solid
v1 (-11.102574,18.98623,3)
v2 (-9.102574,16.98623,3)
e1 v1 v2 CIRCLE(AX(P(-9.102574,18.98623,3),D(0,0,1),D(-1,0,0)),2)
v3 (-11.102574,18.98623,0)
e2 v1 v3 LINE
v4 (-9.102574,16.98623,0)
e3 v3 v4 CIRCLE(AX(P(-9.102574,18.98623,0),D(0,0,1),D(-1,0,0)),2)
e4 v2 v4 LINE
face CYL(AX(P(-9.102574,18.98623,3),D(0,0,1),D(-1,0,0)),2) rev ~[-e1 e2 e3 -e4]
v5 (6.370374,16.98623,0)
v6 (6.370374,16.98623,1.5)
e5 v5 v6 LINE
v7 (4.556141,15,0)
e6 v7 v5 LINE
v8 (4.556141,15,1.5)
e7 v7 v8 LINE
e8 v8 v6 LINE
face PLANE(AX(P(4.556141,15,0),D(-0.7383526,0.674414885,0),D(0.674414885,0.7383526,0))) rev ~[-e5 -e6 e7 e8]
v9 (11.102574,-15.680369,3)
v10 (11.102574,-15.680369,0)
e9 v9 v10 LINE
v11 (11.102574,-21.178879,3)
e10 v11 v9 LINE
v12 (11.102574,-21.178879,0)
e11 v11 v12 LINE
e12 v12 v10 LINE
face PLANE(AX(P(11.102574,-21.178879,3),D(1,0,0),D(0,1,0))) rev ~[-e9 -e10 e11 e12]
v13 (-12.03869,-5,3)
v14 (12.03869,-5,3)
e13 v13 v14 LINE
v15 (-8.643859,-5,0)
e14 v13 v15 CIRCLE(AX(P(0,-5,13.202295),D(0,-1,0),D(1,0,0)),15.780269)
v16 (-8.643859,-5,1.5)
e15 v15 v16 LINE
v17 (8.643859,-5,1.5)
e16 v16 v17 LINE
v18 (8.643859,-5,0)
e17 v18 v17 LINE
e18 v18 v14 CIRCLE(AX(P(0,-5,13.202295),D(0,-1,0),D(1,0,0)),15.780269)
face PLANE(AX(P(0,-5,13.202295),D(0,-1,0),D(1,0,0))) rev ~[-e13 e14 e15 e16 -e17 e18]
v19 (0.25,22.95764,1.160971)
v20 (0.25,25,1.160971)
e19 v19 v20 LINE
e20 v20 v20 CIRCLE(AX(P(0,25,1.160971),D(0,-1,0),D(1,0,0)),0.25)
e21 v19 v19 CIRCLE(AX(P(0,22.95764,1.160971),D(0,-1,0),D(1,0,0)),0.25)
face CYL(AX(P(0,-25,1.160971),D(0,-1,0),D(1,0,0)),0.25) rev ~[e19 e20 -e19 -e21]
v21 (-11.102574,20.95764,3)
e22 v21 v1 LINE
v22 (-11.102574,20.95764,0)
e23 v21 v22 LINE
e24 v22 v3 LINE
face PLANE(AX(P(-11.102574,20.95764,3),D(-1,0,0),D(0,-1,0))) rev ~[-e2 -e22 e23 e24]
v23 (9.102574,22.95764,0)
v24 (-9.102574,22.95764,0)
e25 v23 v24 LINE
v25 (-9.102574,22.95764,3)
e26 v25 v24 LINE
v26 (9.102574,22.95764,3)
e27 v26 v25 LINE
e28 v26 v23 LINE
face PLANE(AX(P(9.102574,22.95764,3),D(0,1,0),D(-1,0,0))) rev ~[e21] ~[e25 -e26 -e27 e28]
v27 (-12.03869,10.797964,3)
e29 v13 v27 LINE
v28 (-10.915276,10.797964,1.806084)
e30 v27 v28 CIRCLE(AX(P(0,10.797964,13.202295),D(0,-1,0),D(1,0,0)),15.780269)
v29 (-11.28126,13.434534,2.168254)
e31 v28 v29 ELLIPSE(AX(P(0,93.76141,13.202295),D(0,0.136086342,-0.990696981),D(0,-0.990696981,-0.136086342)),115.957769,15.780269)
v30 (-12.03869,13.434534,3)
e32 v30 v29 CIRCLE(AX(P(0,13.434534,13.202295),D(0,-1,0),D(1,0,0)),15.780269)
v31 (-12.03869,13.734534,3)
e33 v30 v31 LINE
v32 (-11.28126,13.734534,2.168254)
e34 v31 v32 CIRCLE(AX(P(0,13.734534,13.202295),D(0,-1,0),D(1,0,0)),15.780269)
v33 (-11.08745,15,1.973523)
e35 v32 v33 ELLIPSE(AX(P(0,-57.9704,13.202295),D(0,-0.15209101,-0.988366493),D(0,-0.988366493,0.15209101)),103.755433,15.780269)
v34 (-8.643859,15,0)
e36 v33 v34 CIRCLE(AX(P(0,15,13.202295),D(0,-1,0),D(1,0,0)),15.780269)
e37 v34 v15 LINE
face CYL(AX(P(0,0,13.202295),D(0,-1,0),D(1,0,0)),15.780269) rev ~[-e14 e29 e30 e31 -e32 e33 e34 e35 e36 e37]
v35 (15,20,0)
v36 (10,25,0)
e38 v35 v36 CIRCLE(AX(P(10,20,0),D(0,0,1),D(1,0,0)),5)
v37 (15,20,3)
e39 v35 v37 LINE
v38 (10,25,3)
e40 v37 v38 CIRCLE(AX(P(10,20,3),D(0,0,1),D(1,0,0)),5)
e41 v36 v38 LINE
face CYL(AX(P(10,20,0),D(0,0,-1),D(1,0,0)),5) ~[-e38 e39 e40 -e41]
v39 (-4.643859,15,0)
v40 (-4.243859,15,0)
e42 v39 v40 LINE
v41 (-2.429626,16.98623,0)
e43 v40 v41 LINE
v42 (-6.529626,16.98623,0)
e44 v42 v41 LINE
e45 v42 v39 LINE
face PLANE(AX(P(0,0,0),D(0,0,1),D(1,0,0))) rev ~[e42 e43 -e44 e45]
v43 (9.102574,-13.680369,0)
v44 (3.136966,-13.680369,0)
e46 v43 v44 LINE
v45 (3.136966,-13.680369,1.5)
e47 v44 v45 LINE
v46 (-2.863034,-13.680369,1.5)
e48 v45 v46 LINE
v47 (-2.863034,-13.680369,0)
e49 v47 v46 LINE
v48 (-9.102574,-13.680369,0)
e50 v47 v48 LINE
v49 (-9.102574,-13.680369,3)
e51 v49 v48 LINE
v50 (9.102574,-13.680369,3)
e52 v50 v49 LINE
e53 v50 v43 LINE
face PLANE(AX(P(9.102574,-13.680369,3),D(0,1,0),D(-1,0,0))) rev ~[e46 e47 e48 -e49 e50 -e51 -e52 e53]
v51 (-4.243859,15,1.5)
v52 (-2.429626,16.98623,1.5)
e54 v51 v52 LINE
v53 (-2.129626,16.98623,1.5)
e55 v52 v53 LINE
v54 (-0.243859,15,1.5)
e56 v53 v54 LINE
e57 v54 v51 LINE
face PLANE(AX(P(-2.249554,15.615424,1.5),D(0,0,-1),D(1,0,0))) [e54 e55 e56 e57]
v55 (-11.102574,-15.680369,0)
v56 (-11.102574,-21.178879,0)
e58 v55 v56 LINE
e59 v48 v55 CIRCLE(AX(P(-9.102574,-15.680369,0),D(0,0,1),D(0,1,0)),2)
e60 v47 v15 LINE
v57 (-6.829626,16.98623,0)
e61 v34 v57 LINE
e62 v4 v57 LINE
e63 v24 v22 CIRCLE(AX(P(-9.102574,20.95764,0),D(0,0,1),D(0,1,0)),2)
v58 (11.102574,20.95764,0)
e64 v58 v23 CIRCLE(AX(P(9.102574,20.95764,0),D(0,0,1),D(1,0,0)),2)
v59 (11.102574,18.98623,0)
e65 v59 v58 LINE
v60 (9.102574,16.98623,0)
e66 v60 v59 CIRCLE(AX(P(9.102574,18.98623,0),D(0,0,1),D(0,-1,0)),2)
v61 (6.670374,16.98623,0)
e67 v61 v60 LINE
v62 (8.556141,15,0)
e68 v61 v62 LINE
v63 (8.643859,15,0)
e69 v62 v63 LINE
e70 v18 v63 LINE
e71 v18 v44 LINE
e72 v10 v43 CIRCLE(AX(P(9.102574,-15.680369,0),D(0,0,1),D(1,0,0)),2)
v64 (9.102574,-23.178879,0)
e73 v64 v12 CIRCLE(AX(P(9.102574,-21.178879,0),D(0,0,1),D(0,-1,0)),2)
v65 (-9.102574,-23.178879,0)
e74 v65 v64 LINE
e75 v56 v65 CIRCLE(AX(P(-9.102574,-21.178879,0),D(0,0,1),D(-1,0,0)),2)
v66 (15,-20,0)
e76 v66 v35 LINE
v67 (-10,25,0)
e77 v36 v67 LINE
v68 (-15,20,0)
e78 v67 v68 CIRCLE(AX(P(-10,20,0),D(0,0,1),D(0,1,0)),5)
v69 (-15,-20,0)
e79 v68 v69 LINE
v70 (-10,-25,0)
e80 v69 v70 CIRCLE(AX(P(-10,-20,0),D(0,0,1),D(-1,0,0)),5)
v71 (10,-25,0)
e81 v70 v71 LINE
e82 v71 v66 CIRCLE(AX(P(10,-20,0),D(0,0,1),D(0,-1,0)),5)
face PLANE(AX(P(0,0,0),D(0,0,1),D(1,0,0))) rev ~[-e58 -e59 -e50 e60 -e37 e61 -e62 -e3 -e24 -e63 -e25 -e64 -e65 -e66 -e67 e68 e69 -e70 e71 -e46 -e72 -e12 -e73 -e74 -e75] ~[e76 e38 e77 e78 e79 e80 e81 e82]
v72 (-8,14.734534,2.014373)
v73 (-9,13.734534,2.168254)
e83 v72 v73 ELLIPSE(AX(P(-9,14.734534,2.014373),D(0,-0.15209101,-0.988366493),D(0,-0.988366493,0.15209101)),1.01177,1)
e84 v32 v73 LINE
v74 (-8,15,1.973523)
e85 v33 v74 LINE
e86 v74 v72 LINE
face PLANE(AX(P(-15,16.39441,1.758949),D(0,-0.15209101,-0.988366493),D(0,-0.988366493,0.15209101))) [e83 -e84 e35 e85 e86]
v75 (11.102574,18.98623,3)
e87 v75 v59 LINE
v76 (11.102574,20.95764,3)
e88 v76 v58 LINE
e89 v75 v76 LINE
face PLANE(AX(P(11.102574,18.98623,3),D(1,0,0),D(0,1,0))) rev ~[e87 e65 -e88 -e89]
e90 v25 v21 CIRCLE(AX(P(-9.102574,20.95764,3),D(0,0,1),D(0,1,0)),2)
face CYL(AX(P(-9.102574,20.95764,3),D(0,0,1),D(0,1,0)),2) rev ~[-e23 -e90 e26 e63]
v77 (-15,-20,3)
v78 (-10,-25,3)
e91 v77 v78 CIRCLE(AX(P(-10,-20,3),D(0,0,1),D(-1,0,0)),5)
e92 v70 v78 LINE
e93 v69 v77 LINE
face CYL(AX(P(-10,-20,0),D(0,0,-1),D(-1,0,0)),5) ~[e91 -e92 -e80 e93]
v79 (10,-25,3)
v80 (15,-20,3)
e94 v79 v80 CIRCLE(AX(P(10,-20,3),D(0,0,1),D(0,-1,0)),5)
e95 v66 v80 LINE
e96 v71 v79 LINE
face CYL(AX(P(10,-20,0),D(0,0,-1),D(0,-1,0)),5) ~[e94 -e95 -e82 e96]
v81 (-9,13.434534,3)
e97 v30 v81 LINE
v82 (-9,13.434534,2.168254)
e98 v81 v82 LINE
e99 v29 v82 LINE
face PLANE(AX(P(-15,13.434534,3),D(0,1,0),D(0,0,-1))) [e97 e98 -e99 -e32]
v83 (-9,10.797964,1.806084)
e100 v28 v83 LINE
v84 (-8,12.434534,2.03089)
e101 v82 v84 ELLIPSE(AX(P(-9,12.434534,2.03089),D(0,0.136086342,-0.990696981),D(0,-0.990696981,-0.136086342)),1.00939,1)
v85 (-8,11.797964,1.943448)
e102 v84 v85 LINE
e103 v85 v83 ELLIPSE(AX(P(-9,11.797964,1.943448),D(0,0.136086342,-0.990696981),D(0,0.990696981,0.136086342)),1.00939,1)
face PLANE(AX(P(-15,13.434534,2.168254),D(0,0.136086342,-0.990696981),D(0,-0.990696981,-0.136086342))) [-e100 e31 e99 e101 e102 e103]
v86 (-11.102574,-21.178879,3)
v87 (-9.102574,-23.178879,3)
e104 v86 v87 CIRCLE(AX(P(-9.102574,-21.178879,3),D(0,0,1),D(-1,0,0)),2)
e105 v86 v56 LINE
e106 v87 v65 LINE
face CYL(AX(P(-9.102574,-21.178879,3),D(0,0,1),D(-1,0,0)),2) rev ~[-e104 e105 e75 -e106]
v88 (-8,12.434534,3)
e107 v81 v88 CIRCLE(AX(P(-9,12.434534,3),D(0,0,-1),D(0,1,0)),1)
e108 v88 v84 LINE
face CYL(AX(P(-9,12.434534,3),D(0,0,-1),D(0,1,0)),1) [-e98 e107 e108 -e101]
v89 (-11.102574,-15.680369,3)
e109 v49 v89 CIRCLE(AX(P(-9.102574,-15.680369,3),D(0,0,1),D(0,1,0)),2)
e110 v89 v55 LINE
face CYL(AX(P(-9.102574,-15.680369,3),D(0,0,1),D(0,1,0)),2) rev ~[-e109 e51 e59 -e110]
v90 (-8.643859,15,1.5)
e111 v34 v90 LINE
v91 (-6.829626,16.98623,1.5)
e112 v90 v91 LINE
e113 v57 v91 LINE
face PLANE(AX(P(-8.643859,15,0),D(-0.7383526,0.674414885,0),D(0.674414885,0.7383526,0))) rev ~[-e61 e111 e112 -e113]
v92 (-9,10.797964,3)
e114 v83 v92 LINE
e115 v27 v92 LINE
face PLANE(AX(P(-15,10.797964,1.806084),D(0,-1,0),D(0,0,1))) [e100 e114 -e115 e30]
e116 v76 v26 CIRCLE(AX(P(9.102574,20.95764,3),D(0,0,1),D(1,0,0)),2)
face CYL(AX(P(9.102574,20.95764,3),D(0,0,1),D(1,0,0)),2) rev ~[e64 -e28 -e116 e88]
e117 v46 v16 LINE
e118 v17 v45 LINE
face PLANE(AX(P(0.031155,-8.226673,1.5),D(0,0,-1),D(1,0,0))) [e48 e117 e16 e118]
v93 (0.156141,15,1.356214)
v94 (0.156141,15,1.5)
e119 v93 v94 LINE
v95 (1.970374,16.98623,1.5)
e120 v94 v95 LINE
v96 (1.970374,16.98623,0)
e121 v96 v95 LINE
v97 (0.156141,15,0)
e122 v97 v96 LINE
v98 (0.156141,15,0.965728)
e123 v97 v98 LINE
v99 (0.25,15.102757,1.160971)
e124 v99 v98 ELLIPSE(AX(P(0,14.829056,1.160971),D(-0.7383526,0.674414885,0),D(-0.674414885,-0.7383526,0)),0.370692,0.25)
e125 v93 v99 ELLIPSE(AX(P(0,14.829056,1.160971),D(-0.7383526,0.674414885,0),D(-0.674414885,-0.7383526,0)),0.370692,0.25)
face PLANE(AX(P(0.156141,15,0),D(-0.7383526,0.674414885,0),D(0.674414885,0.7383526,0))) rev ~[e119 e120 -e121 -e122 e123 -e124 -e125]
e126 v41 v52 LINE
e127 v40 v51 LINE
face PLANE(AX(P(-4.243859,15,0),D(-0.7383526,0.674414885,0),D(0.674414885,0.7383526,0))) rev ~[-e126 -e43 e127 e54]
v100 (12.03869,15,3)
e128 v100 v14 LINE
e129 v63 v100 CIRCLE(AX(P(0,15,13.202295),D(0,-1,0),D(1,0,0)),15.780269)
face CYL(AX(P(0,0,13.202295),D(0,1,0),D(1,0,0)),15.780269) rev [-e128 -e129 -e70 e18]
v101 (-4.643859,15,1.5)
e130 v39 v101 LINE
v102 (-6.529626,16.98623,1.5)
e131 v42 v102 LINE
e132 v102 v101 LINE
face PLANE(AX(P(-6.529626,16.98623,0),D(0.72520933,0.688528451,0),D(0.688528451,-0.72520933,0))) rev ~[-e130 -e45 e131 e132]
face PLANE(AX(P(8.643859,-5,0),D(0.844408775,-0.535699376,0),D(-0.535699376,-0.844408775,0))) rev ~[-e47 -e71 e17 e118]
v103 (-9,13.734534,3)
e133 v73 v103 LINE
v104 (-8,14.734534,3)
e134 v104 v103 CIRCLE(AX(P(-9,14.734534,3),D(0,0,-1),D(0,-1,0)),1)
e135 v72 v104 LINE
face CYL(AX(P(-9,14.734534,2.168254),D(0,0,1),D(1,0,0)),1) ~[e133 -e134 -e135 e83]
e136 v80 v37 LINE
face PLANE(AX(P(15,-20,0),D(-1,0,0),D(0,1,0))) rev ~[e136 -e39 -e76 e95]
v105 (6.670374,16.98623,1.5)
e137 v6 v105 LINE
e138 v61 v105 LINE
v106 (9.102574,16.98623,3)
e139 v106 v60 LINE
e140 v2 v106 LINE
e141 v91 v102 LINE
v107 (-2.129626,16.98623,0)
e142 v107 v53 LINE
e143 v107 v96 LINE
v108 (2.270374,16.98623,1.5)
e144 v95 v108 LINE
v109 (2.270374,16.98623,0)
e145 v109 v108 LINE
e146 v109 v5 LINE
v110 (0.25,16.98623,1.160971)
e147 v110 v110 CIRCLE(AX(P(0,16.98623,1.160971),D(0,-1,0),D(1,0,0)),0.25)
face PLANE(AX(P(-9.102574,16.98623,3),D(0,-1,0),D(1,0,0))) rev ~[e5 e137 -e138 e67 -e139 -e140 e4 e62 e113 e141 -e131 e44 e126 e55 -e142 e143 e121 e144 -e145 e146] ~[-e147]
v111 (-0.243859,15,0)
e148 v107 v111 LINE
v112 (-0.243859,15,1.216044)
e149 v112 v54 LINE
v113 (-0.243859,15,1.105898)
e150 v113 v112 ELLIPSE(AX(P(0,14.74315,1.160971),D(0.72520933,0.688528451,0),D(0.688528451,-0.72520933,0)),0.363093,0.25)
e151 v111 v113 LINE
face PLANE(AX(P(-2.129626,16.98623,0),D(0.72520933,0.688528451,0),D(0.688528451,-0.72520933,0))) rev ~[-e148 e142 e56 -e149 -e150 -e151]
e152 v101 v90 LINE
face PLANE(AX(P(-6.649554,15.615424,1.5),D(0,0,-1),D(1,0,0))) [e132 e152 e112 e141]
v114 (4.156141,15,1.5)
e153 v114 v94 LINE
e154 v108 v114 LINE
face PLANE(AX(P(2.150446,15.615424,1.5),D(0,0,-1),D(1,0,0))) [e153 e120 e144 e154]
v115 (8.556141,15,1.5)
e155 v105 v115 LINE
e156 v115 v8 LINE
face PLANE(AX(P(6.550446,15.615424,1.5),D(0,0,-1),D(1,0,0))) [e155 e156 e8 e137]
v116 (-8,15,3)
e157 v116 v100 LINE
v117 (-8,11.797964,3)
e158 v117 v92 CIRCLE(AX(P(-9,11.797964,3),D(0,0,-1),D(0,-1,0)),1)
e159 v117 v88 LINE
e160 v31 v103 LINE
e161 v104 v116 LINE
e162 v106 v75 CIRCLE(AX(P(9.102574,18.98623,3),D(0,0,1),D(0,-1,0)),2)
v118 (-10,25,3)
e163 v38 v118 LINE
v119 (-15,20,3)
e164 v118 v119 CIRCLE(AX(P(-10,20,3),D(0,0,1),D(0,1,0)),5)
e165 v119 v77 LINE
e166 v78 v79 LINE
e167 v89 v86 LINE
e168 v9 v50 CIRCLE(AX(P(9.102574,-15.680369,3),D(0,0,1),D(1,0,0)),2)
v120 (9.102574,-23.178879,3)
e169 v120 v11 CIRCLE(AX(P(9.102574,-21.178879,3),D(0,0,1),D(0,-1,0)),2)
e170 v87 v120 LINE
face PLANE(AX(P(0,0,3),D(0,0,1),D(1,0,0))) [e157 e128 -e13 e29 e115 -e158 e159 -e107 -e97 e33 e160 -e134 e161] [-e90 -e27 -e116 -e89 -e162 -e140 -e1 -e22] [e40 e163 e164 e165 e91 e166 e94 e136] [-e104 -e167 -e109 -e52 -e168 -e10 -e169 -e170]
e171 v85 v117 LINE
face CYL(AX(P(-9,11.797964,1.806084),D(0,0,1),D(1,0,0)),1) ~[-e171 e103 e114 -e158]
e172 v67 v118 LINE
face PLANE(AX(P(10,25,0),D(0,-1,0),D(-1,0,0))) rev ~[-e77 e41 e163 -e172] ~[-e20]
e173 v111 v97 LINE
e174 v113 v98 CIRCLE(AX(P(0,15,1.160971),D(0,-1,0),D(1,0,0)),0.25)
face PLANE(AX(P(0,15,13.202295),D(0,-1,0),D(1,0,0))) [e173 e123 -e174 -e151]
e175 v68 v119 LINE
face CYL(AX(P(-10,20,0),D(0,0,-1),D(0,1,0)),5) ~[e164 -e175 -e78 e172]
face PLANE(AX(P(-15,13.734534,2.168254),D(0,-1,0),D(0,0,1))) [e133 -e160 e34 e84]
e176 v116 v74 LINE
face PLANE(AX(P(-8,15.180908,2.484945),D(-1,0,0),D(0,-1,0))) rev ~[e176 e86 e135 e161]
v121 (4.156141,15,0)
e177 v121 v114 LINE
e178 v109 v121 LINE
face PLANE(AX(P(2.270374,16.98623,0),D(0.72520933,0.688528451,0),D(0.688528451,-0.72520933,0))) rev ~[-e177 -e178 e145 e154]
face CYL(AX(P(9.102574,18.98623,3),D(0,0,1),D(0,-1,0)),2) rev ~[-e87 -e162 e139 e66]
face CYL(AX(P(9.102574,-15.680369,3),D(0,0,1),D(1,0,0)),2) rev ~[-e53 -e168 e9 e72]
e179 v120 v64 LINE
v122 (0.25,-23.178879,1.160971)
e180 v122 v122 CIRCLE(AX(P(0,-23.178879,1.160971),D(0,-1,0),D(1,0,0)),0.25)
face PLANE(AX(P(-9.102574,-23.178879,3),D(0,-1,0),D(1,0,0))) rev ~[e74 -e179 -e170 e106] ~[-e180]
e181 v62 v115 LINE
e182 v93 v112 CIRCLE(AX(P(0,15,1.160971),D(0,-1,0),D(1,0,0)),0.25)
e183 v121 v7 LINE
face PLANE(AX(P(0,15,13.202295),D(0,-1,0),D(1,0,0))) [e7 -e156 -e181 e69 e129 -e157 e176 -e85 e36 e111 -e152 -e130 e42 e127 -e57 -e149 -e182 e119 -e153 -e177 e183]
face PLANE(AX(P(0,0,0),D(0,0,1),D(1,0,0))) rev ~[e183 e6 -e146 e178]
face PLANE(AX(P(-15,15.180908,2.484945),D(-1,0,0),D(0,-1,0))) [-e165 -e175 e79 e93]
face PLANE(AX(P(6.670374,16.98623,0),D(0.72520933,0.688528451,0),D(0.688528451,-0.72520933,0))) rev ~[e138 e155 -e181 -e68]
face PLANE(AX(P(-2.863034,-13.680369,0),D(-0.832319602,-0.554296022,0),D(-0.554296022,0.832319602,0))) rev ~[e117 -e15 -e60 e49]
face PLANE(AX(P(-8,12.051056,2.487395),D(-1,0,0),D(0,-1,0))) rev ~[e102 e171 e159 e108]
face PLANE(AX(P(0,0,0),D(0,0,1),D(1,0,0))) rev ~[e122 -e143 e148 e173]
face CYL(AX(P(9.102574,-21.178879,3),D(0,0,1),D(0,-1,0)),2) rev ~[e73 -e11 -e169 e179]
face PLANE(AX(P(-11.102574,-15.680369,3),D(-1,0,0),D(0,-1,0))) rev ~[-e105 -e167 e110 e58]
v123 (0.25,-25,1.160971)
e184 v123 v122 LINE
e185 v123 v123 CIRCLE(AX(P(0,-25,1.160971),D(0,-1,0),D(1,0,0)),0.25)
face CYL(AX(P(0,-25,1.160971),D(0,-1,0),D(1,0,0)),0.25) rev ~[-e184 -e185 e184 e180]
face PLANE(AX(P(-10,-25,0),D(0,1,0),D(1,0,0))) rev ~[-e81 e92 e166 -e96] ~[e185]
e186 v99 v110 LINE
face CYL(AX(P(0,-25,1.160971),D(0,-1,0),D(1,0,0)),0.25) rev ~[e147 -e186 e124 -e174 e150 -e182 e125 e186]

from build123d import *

# Parameters (mm, degrees)
F1_DEPTH      = 3
F2_R          = 15.7802685444
F3_DEPTH      = 15
F3_DEPTH_BACK = 5
F5_DEPTH      = 25
F7_DEPTH      = 1.5
F9_DEPTH      = 7
F10_R         = 1
F11_R         = 0.25
F12_DEPTH     = 60


with BuildPart() as f1:
    # F0 (on Top) → F1 (new body)
    with BuildSketch(Plane.XY):
        with BuildLine():
            Line((-10, -25), (10, -25))
            ThreePointArc((10, -25), (13.5355339059, -23.5355339059), (15, -20))
            Line((15, -20), (15, 20))
            ThreePointArc((15, 20), (13.5355339059, 23.5355339059), (10, 25))
            Line((10, 25), (-10, 25))
            ThreePointArc((-10, 25), (-13.5355339059, 23.5355339059), (-15, 20))
            Line((-15, 20), (-15, -20))
            ThreePointArc((-15, -20), (-13.5355339059, -23.5355339059), (-10, -25))
        make_face()
    extrude(amount=F1_DEPTH)

    # F2 (on Front) → F3 (cut, two sides)
    with BuildSketch(Plane.XZ) as f3_sk:
        with Locations((0, 13.2022947073)):
            Circle(F2_R)
    extrude(amount=-F3_DEPTH, mode=Mode.SUBTRACT)
    extrude(f3_sk.sketch, amount=F3_DEPTH_BACK, mode=Mode.SUBTRACT)

    # F4 (on face) → F5 (cut)
    with BuildSketch(Plane.XY.offset(3)):
        with BuildLine():
            ThreePointArc((11.1025739461, -15.6803686619), (10.5167875085, -14.2661550995), (9.1025739461, -13.6803686619))
            Line((9.1025739461, -13.6803686619), (-9.1025739461, -13.6803686619))
            ThreePointArc((-9.1025739461, -13.6803686619), (-10.5167875085, -14.2661550995), (-11.1025739461, -15.6803686619))
            Line((-11.1025739461, -15.6803686619), (-11.1025739461, -21.1788791716))
            ThreePointArc((-11.1025739461, -21.1788791716), (-10.5167875085, -22.593092734), (-9.1025739461, -23.1788791716))
            Line((-9.1025739461, -23.1788791716), (9.1025739461, -23.1788791716))
            ThreePointArc((9.1025739461, -23.1788791716), (10.5167875085, -22.593092734), (11.1025739461, -21.1788791716))
            Line((11.1025739461, -21.1788791716), (11.1025739461, -15.6803686619))
        make_face()
        with BuildLine():
            ThreePointArc((11.1025739461, 20.9576397687), (10.5167875085, 22.3718533311), (9.1025739461, 22.9576397687))
            Line((9.1025739461, 22.9576397687), (-9.1025739461, 22.9576397687))
            ThreePointArc((-9.1025739461, 22.9576397687), (-10.5167875085, 22.3718533311), (-11.1025739461, 20.9576397687))
            Line((-11.1025739461, 20.9576397687), (-11.1025739461, 18.9862303883))
            ThreePointArc((-11.1025739461, 18.9862303883), (-10.5167875085, 17.5720168259), (-9.1025739461, 16.9862303883))
            Line((-9.1025739461, 16.9862303883), (9.1025739461, 16.9862303883))
            ThreePointArc((9.1025739461, 16.9862303883), (10.5167875085, 17.5720168259), (11.1025739461, 18.9862303883))
            Line((11.1025739461, 18.9862303883), (11.1025739461, 20.9576397687))
        make_face()
    extrude(amount=-F5_DEPTH, mode=Mode.SUBTRACT)

    # F6 (on face) → F7 (cut)
    with BuildSketch(Plane(origin=(0, 0, 0), x_dir=(1, 0, 0), z_dir=(0, 0, -1))):
        Polygon((8.6438585016, 5), (3.1369663253, 13.6803686619), (-2.8630336747, 13.6803686619), (-8.6438585016, 5), align=None)
        Polygon((-6.5296259269, -16.9862303883), (-4.6438585016, -15), (-8.6438585016, -15), (-6.8296259269, -16.9862303883), align=None)
        Polygon((-0.2438585016, -15), (-4.2438585016, -15), (-2.4296259269, -16.9862303883), (-2.1296259269, -16.9862303883), align=None)
        Polygon((4.1561414984, -15), (0.1561414984, -15), (1.9703740731, -16.9862303883), (2.2703740731, -16.9862303883), align=None)
        Polygon((8.5561414984, -15), (4.5561414984, -15), (6.3703740731, -16.9862303883), (6.6703740731, -16.9862303883), align=None)
    extrude(amount=-F7_DEPTH, mode=Mode.SUBTRACT)

    # F8 (on face) → F9 (join)
    with BuildSketch(Plane(origin=(-15, 0, 0), x_dir=(0, -1, 0), z_dir=(-1, 0, 0))):
        Polygon((-13.7345343828, 3), (-16.5546499193, 3), (-16.3944102824, 1.7589493655), (-13.7345343828, 2.1682542283), align=None)
        Polygon((-10.7979638994, 3), (-13.4345343828, 3), (-13.4345343828, 2.1682542283), (-10.7979638994, 1.8060837174), align=None)
    extrude(amount=-F9_DEPTH)

    # F10
    f10_edges = [f1.edges().sort_by_distance(p)[0] for p in [
        (-8, 10.797964, 2.403042),
        (-8, 13.434534, 2.584127),
        (-8, 13.734534, 2.584127),
    ]]
    fillet(f10_edges, radius=F10_R)

    # F11 (on face) → F12 (cut)
    with BuildSketch(Plane.XZ.offset(25)):
        with Locations((0, 1.1609706562)):
            Circle(F11_R)
    extrude(amount=-F12_DEPTH, mode=Mode.SUBTRACT)


solid = f1.part
